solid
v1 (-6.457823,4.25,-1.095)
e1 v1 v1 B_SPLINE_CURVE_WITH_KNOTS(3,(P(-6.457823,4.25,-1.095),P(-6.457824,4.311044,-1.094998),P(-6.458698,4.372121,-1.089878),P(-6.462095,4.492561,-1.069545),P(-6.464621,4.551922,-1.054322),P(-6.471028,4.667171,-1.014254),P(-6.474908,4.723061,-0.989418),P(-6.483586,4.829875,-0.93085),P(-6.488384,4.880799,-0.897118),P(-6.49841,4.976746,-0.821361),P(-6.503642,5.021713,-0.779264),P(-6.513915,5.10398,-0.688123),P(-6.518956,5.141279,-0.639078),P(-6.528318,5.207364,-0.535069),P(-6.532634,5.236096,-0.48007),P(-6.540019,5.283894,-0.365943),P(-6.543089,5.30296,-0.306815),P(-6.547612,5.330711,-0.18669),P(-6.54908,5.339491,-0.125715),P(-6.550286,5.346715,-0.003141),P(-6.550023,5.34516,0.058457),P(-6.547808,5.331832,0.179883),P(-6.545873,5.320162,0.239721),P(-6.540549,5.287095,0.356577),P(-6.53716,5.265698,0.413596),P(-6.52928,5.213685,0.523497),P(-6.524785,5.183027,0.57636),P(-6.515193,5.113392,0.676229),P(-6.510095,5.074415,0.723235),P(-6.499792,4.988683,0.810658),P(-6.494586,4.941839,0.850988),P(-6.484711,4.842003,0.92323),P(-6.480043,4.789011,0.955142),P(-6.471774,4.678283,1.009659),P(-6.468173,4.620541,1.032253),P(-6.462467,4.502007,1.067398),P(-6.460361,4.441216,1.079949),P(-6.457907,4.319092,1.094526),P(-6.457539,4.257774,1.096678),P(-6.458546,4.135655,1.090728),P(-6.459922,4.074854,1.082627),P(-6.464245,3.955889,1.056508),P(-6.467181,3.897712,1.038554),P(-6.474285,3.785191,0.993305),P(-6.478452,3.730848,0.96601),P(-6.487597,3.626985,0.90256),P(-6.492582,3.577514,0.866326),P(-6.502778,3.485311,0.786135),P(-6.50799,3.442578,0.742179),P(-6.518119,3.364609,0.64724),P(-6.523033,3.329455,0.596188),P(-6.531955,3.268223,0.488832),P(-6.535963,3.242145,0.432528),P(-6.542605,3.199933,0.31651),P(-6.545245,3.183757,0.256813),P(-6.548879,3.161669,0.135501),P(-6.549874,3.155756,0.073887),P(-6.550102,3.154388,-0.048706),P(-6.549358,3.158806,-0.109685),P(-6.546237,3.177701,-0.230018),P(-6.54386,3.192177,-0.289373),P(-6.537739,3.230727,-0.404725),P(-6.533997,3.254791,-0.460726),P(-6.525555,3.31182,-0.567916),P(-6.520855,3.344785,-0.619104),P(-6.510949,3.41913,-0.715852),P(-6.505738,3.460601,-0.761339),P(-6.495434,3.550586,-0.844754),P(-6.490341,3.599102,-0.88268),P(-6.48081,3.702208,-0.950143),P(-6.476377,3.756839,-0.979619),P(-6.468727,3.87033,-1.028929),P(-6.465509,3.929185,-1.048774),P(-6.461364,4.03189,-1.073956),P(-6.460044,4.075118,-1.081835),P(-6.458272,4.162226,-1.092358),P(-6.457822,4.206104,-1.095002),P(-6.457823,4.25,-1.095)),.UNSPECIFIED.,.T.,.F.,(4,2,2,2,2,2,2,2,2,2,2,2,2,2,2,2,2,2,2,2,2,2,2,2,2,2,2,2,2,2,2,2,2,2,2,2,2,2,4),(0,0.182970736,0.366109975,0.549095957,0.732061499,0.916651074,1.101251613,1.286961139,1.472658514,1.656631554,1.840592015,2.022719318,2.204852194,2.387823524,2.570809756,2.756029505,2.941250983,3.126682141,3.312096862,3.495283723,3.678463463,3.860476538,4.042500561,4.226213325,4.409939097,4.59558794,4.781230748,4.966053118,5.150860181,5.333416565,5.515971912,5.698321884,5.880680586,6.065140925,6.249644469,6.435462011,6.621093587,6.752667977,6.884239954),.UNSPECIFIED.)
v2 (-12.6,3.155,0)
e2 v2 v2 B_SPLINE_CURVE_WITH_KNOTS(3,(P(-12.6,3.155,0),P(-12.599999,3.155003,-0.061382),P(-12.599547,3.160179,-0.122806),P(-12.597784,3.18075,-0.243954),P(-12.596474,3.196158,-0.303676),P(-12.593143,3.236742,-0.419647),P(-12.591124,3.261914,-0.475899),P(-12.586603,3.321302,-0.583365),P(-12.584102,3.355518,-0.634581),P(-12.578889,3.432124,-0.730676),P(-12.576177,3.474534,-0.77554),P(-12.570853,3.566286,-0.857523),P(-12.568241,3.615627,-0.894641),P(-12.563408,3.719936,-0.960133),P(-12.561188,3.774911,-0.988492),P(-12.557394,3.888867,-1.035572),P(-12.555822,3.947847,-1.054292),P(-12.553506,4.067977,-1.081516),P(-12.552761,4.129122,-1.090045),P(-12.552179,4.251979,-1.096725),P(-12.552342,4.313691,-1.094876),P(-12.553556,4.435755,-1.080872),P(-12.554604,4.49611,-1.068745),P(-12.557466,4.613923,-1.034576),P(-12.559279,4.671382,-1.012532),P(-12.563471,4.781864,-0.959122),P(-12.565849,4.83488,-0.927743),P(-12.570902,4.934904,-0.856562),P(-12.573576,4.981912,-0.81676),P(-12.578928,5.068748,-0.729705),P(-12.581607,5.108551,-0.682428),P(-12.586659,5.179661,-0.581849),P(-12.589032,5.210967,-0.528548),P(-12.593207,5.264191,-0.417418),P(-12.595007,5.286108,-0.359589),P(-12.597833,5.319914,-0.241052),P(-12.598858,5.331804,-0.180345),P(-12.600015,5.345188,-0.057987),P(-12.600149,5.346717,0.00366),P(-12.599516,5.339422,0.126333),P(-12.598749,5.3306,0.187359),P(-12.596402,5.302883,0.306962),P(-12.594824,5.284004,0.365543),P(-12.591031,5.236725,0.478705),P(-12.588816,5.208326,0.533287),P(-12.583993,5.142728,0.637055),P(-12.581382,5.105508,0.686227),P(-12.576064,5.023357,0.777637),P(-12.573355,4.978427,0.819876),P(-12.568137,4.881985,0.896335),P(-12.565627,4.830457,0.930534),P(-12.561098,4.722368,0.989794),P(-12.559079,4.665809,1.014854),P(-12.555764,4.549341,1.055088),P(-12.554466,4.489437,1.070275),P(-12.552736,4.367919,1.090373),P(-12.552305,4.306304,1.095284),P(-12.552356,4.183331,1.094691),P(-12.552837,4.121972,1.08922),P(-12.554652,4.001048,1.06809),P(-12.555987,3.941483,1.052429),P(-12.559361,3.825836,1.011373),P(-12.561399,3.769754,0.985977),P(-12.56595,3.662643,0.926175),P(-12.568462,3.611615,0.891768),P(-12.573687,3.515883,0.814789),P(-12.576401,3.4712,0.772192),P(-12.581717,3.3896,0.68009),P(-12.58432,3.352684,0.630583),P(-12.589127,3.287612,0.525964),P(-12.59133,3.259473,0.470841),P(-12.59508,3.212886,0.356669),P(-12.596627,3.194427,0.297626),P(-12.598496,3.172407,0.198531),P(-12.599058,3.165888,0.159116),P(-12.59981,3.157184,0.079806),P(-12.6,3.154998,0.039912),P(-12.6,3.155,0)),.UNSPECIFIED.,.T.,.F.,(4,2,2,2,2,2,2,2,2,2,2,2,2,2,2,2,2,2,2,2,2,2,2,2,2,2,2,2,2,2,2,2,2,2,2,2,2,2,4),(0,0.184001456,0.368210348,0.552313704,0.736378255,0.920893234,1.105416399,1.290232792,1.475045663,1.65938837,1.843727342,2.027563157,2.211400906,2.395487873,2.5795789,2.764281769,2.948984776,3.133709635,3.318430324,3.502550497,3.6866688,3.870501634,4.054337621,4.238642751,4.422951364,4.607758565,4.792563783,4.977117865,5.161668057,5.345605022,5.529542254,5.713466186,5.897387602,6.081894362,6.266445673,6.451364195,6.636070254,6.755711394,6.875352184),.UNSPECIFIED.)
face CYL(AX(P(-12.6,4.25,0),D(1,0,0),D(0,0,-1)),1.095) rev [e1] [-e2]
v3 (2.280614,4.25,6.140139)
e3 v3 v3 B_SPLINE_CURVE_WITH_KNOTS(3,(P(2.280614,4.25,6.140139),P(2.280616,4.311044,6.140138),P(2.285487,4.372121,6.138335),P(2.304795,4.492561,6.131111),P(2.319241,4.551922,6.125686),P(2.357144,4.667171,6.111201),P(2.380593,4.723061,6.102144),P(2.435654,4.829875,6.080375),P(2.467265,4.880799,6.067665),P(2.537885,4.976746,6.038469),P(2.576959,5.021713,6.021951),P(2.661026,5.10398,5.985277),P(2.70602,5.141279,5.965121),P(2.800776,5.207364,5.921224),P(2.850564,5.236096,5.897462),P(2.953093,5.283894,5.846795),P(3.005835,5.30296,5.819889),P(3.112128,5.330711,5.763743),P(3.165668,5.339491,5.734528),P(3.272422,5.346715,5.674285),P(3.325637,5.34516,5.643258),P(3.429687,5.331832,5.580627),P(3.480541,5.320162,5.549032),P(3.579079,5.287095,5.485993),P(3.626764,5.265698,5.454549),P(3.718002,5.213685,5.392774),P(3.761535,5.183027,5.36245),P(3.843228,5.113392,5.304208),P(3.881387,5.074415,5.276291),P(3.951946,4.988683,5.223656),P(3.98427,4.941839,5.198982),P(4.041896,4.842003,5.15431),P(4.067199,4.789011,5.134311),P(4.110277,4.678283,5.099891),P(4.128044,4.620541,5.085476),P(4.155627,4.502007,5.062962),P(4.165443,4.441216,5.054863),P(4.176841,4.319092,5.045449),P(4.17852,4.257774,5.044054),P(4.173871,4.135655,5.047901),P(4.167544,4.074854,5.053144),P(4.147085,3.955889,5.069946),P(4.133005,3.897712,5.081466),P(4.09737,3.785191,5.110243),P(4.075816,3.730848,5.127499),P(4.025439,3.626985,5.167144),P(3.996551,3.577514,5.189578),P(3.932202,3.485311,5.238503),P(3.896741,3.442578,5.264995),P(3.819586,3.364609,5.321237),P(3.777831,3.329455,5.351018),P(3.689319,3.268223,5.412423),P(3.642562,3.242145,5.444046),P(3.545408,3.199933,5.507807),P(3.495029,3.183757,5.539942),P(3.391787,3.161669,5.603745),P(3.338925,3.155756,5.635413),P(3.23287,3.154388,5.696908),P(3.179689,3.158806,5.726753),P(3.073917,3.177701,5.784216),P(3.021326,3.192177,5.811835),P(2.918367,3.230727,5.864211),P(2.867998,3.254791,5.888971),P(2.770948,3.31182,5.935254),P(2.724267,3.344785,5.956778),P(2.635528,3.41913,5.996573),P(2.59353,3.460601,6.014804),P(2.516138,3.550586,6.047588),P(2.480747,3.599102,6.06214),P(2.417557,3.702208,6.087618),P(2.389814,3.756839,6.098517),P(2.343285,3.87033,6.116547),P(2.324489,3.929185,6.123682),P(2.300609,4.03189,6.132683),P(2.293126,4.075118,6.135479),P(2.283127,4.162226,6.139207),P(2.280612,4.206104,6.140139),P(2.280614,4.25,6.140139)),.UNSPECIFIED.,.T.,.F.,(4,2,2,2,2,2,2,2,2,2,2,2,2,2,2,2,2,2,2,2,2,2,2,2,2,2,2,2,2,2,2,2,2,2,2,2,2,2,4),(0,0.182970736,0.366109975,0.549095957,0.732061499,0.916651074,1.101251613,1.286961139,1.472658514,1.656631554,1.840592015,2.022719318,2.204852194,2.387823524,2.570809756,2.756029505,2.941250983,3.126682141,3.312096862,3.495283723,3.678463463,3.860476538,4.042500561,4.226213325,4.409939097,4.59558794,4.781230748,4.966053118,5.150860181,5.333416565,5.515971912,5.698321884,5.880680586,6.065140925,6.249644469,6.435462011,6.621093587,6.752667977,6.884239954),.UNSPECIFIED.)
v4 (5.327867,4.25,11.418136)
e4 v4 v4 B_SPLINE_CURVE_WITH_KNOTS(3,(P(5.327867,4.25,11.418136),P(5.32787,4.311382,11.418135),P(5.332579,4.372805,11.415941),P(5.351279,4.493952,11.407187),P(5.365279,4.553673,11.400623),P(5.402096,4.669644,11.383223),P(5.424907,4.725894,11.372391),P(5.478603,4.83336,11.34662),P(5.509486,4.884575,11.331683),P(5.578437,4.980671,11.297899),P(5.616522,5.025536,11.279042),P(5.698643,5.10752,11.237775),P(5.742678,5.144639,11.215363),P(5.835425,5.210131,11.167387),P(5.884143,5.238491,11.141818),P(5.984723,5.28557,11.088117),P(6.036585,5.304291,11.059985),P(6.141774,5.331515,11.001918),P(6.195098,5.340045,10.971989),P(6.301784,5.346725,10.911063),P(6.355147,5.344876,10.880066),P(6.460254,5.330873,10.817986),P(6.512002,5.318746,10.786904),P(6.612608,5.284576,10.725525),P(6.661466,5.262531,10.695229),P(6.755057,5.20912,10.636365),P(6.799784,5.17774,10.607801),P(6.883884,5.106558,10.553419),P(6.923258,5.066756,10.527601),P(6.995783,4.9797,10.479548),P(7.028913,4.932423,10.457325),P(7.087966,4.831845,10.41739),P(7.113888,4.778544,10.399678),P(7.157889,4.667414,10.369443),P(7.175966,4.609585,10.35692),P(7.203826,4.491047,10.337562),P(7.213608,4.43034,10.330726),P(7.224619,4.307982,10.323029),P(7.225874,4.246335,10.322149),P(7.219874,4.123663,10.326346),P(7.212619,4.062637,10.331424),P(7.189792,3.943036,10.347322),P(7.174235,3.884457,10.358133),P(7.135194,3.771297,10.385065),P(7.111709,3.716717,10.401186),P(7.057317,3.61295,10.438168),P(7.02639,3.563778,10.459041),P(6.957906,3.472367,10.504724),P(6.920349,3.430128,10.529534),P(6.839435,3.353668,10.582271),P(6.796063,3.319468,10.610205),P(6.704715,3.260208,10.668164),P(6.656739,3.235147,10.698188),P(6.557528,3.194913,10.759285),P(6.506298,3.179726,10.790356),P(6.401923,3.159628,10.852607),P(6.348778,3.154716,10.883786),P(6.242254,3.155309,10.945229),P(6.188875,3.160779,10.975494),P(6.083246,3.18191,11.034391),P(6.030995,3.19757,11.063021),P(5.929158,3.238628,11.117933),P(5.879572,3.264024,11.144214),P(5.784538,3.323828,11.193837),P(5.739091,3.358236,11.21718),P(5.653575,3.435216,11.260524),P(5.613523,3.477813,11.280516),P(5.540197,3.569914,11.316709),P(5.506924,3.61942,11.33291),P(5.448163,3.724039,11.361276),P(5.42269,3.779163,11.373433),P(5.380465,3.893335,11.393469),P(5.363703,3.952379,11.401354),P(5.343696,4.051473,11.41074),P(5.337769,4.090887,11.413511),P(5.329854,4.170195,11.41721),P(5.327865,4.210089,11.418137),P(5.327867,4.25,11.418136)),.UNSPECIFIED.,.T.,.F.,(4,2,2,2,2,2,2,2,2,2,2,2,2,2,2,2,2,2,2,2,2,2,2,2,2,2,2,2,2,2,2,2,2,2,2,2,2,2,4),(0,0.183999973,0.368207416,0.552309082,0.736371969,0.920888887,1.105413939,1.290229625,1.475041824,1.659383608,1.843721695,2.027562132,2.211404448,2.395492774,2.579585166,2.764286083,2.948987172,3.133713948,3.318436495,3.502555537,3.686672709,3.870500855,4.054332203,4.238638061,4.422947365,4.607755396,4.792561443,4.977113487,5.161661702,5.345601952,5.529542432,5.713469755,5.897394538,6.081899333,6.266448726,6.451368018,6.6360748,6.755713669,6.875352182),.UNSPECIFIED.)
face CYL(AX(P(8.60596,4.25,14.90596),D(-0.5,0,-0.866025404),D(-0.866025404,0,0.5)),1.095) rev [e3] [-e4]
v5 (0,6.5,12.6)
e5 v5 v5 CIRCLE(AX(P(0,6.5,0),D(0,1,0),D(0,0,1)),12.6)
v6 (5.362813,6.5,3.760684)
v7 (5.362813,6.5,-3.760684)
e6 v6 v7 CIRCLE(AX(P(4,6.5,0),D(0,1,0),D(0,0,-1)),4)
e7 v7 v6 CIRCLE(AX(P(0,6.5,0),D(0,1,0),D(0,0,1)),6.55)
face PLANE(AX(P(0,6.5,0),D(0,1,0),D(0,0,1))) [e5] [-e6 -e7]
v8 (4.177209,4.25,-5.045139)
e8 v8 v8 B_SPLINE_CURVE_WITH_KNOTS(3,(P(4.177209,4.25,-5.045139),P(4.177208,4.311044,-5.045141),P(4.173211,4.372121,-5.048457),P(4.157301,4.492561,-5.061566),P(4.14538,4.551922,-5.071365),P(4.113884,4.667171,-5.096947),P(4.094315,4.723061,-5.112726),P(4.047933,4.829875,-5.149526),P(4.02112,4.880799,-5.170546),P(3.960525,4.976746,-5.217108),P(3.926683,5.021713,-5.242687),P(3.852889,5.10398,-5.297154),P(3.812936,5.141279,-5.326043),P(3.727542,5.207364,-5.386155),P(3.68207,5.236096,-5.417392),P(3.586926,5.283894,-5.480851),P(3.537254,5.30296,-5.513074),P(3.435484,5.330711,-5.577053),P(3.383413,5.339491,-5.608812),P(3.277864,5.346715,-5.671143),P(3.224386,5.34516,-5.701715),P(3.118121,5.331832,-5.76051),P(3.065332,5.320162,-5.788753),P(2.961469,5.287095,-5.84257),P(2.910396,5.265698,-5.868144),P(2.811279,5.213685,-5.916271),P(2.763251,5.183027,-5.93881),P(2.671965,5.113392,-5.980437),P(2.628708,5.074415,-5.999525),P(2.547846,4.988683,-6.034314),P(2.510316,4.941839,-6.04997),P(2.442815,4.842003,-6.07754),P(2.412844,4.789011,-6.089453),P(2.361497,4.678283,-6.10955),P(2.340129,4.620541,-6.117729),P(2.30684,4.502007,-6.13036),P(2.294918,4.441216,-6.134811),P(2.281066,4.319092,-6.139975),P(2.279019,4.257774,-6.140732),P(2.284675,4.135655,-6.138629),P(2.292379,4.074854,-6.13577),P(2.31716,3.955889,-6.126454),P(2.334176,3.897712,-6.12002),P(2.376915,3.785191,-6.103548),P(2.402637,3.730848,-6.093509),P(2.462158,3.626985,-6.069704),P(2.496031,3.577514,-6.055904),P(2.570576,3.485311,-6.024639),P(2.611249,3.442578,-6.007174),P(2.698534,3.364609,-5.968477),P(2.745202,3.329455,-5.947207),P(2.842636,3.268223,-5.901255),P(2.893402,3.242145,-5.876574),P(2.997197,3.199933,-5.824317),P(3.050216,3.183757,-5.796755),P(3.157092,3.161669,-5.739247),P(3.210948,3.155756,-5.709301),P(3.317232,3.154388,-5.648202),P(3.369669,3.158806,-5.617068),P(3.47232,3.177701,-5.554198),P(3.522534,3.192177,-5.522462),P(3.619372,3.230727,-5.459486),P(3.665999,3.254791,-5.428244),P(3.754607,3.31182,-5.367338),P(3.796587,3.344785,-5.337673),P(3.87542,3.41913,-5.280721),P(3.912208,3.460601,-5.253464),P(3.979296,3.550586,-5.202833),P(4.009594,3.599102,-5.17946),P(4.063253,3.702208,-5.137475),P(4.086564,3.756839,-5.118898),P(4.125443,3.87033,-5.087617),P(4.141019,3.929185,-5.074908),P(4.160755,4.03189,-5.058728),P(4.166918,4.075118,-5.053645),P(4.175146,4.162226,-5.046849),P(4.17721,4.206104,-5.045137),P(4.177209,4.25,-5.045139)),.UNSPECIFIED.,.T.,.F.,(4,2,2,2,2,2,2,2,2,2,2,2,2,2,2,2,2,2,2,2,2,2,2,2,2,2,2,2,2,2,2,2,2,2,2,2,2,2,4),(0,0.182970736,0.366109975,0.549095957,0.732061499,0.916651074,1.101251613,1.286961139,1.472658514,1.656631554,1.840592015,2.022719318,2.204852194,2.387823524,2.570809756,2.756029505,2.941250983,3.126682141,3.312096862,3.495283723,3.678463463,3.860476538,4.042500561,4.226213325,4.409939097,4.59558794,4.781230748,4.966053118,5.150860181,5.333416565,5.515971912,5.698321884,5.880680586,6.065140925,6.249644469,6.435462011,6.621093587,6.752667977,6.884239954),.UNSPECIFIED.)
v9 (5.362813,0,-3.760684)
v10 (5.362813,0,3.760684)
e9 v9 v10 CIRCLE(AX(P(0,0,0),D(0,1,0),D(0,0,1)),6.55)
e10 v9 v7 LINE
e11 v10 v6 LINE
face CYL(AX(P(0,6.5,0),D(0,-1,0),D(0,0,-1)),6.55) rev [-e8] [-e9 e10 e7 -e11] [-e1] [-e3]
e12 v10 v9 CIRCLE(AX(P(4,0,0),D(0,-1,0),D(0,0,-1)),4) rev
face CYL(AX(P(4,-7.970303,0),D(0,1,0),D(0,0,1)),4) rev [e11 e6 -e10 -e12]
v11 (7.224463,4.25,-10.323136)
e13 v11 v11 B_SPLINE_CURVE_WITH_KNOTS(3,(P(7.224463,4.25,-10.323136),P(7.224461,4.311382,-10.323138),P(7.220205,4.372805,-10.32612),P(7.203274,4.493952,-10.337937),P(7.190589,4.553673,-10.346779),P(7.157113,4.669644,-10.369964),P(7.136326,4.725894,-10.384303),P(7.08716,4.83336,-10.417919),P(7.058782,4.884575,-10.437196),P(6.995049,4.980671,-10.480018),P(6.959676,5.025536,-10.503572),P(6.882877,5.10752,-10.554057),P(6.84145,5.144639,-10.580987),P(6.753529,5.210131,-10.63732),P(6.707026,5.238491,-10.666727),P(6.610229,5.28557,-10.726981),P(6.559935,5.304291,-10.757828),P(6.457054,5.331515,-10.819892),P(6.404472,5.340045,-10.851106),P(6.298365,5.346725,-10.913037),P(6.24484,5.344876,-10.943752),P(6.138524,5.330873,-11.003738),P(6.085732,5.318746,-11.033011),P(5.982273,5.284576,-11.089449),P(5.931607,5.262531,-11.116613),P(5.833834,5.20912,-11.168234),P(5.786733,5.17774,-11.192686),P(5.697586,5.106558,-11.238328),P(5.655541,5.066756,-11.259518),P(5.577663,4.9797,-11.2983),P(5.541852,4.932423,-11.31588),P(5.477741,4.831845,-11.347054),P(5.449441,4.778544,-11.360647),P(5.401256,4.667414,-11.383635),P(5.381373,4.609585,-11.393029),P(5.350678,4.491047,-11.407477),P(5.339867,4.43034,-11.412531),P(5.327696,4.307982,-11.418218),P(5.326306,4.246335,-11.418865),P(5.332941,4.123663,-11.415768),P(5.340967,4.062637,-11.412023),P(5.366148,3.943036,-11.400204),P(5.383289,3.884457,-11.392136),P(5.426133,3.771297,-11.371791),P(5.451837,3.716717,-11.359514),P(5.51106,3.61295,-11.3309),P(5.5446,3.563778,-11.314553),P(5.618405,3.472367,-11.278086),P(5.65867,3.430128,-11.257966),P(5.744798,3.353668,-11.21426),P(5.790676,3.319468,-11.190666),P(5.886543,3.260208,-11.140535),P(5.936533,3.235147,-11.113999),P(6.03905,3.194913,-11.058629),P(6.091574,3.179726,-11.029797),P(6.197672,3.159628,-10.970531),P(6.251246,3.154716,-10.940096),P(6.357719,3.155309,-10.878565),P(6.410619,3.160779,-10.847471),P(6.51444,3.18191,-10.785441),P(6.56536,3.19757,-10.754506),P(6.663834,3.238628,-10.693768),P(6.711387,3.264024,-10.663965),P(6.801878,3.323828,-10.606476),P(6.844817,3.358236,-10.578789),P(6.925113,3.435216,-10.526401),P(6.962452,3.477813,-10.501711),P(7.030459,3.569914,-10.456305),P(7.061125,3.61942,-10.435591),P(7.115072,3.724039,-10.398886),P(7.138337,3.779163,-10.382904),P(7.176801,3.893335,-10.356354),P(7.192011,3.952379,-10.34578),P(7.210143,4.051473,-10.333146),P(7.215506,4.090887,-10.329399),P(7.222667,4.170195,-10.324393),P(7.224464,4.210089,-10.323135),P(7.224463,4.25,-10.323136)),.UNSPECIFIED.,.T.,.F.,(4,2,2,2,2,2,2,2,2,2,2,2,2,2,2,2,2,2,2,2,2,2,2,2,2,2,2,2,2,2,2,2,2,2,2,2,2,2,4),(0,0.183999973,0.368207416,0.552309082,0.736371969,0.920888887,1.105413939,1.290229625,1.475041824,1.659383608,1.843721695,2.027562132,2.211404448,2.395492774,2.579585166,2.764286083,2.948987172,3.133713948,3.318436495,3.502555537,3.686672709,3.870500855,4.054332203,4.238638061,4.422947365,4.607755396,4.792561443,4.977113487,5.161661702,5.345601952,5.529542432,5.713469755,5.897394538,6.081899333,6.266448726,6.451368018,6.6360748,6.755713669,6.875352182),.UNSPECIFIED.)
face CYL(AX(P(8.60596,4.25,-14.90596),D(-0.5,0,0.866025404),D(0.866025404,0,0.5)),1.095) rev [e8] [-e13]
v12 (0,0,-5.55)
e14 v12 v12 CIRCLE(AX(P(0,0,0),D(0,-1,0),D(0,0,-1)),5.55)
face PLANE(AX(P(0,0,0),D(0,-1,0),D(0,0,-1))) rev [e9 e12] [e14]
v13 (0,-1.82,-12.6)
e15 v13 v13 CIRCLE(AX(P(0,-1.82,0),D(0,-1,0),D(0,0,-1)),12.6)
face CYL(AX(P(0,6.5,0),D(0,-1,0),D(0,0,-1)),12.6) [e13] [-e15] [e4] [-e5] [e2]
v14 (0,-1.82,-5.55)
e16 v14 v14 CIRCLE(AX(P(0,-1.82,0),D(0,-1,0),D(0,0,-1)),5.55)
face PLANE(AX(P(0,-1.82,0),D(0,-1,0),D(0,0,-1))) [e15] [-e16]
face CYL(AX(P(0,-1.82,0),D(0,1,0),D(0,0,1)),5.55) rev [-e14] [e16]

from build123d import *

# Parameters (mm, degrees)
SKETCH1_R           = 12.6
SKETCH1_R_2         = 6.55
BOSS_EXTRUDE1_DEPTH = 6.5
SKETCH2_R           = 1.095
CUT_EXTRUDE1_DEPTH  = 13.6
SKETCH4_R           = 12.6
SKETCH4_R_2         = 5.55
BOSS_EXTRUDE2_DEPTH = 1.82
CUT_EXTRUDE2_DEPTH  = 6.5
CIRPATTERN1_COUNT   = 3


with BuildPart() as part:
    # Sketch1 → Boss-Extrude1 (new body)
    with BuildSketch(Plane(origin=(0, 0, 0), x_dir=(1, 0, 0), z_dir=(0, 1, 0))):
        with Locations(Location((0, 0, 0), (0, 0, 270))):  # turned: the seam where the file's is
            Circle(SKETCH1_R)
        with Locations(Location((0, 0, 0), (0, 0, 270))):  # turned: the seam where the file's is
            Circle(SKETCH1_R_2, mode=Mode.SUBTRACT)
    extrude(amount=BOSS_EXTRUDE1_DEPTH)

    # Sketch2 → Cut-Extrude1 (cut, through all)
    with BuildSketch(Plane(origin=(0, 0, 0), x_dir=(0, 0, -1), z_dir=(1, 0, 0))):
        with Locations((0, 4.25)):
            Circle(SKETCH2_R)
    cut_extrude1 = extrude(amount=-CUT_EXTRUDE1_DEPTH, mode=Mode.SUBTRACT)

    # Sketch4 → Boss-Extrude2 (add)
    with BuildSketch(Plane.XZ):
        with Locations(Location((0, 0, 0), (0, 0, 270))):  # turned: the seam where the file's is
            Circle(SKETCH4_R)
        with Locations(Location((0, 0, 0), (0, 0, 270))):  # turned: the seam where the file's is
            Circle(SKETCH4_R_2, mode=Mode.SUBTRACT)
    extrude(amount=BOSS_EXTRUDE2_DEPTH)

    # Sketch3 → Cut-Extrude2 (cut)
    with BuildSketch(Plane(origin=(0, 6.5, 0), x_dir=(1, 0, 0), z_dir=(0, 1, 0))):
        with BuildLine():
            ThreePointArc((5.3628125, 3.760683726), (8, 0), (5.3628125, -3.760683726))
            ThreePointArc((5.3628125, -3.760683726), (6.55, 0), (5.3628125, 3.760683726))
        make_face()
    extrude(amount=-CUT_EXTRUDE2_DEPTH, mode=Mode.SUBTRACT)

    # CirPattern1: Cut-Extrude1 ×3 about axis
    cirpattern1_axis = Axis((0, 6.875, 0), (0, -1, 0))
    for i in range(1, CIRPATTERN1_COUNT):
        add(cut_extrude1.rotate(cirpattern1_axis, i * 360 / CIRPATTERN1_COUNT), mode=Mode.SUBTRACT)


solid = part.part
